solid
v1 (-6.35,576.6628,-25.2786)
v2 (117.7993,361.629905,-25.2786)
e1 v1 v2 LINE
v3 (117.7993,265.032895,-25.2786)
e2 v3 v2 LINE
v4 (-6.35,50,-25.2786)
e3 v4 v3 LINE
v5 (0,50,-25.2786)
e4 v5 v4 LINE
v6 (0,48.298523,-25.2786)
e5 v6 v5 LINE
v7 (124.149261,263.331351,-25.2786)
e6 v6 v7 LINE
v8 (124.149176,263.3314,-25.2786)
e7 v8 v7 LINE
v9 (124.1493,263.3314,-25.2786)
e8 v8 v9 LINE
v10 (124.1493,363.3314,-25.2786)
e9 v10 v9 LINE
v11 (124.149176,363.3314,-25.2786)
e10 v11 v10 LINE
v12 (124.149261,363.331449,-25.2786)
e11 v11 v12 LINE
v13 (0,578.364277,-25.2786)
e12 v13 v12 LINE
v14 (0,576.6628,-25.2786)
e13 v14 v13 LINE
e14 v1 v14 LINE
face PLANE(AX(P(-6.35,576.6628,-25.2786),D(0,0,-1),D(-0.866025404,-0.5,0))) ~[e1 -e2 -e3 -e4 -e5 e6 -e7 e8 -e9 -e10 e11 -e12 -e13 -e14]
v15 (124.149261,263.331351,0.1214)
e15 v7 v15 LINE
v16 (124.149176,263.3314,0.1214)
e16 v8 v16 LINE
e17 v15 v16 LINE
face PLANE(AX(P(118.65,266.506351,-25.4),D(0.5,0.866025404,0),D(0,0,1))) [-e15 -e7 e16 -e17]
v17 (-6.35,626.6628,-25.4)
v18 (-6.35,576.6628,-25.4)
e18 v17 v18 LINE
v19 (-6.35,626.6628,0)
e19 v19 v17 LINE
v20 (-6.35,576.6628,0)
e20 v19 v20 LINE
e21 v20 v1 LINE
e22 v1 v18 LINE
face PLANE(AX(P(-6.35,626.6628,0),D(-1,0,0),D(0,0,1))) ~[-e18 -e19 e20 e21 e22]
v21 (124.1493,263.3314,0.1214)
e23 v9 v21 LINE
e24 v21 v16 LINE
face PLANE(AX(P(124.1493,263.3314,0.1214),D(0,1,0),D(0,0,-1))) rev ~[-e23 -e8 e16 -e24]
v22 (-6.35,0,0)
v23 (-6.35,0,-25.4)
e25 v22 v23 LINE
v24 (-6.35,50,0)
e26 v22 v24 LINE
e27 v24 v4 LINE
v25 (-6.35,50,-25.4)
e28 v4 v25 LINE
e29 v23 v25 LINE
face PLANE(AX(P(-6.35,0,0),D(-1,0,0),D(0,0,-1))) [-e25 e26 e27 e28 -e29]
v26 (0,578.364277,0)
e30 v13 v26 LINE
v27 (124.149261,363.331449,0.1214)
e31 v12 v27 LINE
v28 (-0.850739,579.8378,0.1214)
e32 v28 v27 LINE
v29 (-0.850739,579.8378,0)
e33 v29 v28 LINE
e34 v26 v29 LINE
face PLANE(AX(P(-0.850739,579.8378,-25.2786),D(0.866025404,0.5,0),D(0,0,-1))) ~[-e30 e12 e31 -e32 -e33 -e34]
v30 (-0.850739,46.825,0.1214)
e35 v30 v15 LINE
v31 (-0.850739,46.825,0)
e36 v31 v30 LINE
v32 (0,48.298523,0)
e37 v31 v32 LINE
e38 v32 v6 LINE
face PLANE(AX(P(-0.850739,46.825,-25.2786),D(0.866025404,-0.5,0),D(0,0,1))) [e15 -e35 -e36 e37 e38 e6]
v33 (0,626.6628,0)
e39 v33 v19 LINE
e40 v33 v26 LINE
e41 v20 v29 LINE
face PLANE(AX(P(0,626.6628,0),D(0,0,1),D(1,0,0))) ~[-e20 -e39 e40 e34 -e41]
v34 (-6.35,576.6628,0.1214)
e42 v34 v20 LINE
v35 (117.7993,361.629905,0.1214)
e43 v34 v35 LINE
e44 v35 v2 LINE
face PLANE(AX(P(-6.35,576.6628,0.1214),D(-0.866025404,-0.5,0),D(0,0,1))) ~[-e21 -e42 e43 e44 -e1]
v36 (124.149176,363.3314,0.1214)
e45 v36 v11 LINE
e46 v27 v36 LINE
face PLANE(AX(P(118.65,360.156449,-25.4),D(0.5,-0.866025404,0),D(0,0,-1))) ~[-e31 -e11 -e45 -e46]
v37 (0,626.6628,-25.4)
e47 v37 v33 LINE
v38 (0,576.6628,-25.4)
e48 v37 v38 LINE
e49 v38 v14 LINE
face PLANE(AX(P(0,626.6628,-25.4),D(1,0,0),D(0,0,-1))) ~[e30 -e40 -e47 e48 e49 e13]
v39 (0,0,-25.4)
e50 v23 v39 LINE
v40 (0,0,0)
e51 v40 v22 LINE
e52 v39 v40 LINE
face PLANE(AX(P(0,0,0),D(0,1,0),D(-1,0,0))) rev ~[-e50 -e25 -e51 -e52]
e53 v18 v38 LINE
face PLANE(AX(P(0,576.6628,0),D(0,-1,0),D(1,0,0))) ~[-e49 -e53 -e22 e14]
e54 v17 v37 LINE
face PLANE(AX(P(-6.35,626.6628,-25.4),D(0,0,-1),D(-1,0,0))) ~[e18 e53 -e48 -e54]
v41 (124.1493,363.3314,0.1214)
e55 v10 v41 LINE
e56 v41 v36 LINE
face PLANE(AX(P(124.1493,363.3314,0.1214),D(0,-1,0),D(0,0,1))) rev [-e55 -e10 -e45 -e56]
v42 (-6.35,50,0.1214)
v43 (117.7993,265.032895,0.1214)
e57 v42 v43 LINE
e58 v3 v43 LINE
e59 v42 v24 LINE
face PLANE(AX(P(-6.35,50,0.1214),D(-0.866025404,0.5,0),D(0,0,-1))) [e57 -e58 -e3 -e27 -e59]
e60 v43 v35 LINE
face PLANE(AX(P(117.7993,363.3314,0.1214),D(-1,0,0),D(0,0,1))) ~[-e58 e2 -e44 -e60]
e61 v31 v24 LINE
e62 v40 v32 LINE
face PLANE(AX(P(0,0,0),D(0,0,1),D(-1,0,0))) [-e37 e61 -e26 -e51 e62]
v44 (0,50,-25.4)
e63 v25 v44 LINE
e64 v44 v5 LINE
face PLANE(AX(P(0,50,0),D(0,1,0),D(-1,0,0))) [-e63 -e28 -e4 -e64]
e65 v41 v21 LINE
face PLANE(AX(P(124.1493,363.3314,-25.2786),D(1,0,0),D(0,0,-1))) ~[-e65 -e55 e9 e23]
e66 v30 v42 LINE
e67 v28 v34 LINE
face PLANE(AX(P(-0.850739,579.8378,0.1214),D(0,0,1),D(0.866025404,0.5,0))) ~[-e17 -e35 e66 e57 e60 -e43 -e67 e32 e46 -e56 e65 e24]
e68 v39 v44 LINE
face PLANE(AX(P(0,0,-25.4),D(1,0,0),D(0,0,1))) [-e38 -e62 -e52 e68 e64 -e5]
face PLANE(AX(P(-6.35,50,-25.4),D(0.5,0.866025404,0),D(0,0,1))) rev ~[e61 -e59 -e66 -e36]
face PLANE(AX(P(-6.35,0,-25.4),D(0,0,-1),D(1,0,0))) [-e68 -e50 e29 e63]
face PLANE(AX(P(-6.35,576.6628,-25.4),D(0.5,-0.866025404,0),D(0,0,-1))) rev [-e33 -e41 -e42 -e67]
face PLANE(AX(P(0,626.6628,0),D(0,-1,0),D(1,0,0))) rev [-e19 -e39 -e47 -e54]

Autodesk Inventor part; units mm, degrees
ref_plane "YZ Plane" through (0, 0, 0) normal (1, 0, 0) x (0, 1, 0)
sketch "Sketch1" plane through (0, 0, 0) normal (0, 1, 0) x (-1, 0, 0)
  line L0 (0, 0) -> (6.35, 0)
  line L1 (6.35, 0) -> (6.35, -25.4)
  line L2 (6.35, -25.4) -> (0, -25.4)
  line L3 (0, -25.4) -> (0, 0)
  dimension "d0" = 6.35
  dimension "d1" = 25.4
extrude "Extrusion1" add sketch "Sketch1" along normal blind 50
sketch "Sketch2" plane through (0, 50, 0) normal (0, 1, 0) x (1, 0, 0)
  point P0 (0, 0)
ref_plane "Work Plane2" through (-6.35, 50, -25.4) normal (0.5, 0.866, 0) x (0, 0, 1)
sketch "Sketch3" plane through (-6.35, 50, -25.4) normal (0.5, 0.866, 0) x (0, 0, 1)
  line L0 (25.5214, 0) -> (0.1214, 0)
  line L1 (0.1214, 0) -> (0.1214, 6.35)
  line L2 (0.1214, 6.35) -> (25.5214, 6.35)
  line L3 (25.5214, 6.35) -> (25.5214, 0)
  point P0 (25.4, 30.4993)
  dimension "d5" = 25.4
  dimension "d6" = 6.35
extrude "Extrusion2" add sketch "Sketch3" along normal blind 250
ref_plane "Work Plane3" through (124.1493, 263.3314, 0.1214) normal (0, 1, 0) x (0, 0, -1)
sketch "Sketch4" plane through (124.1493, 263.3314, 0.1214) normal (0, 1, 0) x (0, 0, -1)
  line L0 (25.4, 124.1493) -> (25.4, 0) projected
  line L1 (25.4, 0) -> (0, 0)
  line L2 (0, 0) -> (0, 6.35)
  line L3 (0, 6.35) -> (25.4, 6.35)
  line L4 (25.4, 6.35) -> (25.4, 0)
  point P0 (0.1214, 124.1493)
  point P1 (25.4, 6.35)
  dimension "d10" = 25.4
  dimension "d11" = 6.35
extrude "Extrusion3" add sketch "Sketch4" along normal blind 50
mirror "Mirror1" about plane through (120.9743, 313.3314, -12.5786) normal (0, 1, 0) of "Extrusion1", "Extrusion2", "Extrusion3"
properties part number "AçoChato"
